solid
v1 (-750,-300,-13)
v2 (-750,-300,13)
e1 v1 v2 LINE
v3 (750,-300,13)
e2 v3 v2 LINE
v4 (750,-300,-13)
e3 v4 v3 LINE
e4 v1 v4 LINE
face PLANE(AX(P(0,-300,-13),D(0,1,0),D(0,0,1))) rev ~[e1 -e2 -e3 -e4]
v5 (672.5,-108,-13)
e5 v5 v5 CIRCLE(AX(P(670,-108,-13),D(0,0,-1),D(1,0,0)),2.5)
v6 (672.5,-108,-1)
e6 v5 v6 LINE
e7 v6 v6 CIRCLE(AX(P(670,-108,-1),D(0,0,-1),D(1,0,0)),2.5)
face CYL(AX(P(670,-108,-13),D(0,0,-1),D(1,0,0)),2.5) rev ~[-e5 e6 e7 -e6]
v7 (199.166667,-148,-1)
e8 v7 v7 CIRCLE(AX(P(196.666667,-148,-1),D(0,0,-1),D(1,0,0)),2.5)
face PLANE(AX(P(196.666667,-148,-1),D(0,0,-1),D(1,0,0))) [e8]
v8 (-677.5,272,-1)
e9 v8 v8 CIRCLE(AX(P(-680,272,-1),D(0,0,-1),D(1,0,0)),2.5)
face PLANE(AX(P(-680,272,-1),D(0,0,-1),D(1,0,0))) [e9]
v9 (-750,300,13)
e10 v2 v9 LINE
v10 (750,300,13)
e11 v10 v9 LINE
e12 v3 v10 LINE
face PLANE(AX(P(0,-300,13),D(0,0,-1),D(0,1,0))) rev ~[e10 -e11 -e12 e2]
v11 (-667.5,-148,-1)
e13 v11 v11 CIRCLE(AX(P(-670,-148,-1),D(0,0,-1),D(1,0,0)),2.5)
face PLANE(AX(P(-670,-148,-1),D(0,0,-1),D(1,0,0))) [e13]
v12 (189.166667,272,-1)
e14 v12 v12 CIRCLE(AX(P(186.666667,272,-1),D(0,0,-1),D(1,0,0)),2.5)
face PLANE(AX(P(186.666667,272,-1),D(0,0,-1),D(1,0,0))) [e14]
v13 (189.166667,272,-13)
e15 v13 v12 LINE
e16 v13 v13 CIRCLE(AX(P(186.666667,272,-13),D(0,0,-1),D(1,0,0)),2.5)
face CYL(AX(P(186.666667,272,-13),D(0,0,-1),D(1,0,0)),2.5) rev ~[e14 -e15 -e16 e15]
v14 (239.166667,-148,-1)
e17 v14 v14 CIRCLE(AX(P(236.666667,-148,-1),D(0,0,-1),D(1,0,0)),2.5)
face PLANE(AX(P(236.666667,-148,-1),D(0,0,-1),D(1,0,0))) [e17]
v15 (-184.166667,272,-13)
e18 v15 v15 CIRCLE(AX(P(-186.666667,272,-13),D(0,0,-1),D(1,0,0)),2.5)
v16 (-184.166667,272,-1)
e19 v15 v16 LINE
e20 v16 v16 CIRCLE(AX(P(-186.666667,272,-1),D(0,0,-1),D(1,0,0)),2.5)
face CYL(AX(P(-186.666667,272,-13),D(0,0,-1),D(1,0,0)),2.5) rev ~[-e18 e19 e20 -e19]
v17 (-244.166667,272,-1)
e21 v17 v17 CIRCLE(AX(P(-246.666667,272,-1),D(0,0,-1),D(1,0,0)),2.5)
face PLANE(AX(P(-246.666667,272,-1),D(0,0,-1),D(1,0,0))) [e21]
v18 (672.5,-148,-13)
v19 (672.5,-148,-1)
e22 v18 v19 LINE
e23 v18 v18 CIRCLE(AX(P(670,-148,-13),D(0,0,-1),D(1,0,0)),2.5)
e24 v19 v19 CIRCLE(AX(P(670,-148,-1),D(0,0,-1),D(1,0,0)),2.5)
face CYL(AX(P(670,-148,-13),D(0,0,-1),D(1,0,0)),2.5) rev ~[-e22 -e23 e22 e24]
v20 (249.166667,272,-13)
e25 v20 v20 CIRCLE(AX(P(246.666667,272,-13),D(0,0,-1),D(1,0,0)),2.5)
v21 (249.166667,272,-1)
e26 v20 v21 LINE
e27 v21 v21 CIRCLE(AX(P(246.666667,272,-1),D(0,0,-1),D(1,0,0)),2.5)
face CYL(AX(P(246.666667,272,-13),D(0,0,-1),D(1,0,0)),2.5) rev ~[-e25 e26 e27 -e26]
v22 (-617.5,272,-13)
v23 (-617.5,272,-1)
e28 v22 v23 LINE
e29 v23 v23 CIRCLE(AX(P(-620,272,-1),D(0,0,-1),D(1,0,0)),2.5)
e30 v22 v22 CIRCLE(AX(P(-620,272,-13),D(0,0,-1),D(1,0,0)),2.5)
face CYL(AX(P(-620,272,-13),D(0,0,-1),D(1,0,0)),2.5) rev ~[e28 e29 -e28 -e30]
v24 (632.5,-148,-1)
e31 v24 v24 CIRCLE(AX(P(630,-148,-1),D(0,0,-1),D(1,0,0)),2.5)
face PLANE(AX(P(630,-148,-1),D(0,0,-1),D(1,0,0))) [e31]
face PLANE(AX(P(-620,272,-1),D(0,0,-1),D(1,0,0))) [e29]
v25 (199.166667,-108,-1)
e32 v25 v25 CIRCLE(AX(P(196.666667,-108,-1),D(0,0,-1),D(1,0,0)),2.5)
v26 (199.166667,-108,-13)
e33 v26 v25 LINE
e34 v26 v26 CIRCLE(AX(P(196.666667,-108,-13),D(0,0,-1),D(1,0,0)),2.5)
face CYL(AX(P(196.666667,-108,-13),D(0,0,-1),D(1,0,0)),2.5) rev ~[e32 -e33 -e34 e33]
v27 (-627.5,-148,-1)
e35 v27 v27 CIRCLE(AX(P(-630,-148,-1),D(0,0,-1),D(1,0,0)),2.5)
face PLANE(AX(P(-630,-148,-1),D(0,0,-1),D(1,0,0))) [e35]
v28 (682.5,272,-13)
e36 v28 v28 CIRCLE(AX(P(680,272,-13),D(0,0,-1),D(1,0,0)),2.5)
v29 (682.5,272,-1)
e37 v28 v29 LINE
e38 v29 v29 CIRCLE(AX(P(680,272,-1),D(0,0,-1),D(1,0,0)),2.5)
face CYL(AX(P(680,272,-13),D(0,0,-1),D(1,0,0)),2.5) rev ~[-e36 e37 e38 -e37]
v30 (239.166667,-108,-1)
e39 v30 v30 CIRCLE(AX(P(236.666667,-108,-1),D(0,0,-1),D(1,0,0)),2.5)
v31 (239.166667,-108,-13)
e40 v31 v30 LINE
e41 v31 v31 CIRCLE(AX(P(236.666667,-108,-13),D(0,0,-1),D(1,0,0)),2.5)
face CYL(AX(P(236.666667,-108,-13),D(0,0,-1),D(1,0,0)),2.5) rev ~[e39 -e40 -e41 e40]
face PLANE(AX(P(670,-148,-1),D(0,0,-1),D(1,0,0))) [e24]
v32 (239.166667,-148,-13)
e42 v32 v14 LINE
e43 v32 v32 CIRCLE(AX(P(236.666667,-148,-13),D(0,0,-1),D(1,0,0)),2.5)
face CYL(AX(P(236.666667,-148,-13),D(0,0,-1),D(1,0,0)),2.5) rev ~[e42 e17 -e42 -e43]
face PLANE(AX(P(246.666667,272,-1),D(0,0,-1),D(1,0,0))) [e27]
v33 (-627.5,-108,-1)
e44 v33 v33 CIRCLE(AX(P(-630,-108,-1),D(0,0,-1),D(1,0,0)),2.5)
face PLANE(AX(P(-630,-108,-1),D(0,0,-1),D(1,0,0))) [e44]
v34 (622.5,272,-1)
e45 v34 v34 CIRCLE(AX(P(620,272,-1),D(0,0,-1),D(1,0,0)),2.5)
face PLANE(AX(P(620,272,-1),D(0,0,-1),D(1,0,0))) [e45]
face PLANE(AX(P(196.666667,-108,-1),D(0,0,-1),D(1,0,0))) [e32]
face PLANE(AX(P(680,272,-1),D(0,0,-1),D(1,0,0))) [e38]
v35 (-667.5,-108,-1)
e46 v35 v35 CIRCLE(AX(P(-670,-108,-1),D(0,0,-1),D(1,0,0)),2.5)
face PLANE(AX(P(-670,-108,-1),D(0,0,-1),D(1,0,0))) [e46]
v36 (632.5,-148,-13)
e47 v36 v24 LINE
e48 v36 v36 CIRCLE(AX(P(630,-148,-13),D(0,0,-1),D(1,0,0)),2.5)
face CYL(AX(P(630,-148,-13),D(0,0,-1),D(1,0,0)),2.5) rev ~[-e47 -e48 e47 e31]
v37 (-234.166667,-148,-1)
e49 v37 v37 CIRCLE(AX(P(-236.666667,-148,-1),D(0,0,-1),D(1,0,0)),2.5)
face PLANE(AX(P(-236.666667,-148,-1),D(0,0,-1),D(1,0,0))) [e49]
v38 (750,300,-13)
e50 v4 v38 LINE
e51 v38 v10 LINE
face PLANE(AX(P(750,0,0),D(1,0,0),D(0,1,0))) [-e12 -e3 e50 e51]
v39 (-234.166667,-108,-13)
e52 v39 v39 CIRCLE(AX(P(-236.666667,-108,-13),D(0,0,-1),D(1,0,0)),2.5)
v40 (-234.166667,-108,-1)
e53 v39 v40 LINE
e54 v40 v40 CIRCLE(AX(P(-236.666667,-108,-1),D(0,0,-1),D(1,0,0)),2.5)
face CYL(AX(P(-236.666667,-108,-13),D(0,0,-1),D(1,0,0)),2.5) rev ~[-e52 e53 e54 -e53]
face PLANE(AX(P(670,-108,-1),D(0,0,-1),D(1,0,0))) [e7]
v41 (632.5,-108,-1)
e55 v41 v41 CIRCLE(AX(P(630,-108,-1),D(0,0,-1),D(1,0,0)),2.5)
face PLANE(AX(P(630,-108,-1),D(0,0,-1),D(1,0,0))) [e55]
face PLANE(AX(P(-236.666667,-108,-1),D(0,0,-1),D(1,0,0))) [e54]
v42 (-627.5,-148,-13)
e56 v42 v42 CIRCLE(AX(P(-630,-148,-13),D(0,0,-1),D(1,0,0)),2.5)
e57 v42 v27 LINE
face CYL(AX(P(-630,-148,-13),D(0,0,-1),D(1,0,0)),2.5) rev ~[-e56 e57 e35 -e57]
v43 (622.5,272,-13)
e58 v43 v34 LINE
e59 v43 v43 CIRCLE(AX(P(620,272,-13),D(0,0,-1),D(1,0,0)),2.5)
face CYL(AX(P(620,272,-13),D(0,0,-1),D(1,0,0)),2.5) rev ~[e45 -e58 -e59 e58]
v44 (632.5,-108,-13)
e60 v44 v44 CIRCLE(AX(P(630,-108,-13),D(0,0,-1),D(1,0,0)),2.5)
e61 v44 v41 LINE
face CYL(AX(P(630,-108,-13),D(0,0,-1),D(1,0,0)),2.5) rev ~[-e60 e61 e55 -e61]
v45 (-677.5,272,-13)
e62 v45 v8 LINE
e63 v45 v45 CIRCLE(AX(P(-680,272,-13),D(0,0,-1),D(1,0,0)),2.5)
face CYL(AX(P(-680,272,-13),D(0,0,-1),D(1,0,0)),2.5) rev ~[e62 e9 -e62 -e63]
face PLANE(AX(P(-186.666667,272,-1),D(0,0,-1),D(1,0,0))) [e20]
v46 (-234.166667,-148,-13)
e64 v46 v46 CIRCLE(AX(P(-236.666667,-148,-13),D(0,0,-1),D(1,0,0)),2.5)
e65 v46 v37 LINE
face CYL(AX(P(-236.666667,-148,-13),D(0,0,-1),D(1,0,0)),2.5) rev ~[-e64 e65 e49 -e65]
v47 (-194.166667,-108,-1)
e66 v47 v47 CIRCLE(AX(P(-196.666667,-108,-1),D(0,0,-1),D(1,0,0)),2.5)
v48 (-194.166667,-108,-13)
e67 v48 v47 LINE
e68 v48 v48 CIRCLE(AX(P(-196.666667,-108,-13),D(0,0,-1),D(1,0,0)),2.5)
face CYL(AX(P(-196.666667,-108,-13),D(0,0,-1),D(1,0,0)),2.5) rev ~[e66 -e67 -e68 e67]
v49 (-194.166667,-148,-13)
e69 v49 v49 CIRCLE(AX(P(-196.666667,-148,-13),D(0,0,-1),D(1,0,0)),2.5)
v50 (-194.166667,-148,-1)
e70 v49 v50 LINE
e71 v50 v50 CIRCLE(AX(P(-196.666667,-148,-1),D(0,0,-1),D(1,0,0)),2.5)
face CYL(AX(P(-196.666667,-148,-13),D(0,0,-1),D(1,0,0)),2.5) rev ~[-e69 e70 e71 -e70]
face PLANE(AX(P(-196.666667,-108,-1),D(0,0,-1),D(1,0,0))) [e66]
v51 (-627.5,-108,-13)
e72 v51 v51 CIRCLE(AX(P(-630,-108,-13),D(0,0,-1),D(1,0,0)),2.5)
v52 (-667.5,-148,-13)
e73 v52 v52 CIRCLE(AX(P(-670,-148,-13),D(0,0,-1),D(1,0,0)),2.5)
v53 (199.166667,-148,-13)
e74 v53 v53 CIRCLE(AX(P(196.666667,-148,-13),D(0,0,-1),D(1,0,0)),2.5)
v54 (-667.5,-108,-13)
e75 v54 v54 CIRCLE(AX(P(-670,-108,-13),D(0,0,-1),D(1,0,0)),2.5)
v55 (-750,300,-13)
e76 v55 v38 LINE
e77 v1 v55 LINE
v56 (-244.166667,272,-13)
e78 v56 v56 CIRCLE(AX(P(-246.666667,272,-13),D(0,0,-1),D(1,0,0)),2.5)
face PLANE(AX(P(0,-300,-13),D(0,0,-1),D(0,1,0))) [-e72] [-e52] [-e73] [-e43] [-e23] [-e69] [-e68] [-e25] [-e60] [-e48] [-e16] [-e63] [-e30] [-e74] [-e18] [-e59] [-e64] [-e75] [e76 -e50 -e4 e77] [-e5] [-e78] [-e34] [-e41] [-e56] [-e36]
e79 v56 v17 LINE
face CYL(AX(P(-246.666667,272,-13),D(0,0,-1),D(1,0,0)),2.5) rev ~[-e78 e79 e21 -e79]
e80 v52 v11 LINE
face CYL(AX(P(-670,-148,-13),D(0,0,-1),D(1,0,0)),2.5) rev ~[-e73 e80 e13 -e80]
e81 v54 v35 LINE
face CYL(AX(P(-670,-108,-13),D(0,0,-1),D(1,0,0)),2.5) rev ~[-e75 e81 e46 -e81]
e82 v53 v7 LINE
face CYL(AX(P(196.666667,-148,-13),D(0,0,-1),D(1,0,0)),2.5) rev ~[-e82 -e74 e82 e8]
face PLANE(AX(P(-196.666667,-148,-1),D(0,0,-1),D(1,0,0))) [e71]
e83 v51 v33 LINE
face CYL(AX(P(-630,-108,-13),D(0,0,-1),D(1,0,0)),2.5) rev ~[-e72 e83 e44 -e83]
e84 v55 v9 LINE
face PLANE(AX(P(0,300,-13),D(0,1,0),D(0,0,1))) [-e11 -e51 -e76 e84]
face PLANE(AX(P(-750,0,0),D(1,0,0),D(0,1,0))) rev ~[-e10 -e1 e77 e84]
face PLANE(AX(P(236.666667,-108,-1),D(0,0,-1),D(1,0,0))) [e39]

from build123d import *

# Parameters (mm, degrees)
F0_W     = 600
F0_H     = 26
F1_DEPTH = 750
F2_R     = 2.5
F3_DEPTH = 12


with BuildPart() as f1:
    # F0 (on Right) → F1 (new body, symmetric)
    with BuildSketch(Plane.YZ):
        Rectangle(F0_W, F0_H)
    extrude(amount=F1_DEPTH, both=True)

    # F2 (on face) → F3 (cut)
    with BuildSketch(Plane(origin=(0, 0, -13), x_dir=(1, 0, 0), z_dir=(0, 0, -1))):
        with Locations((630, 148)):
            Circle(F2_R)
        with Locations((620, -272)):
            Circle(F2_R)
        with Locations((196.666667, 148)):
            Circle(F2_R)
        with Locations((236.666667, 108)):
            Circle(F2_R)
        with Locations((196.666667, 108)):
            Circle(F2_R)
        with Locations((-670, 148)):
            Circle(F2_R)
        with Locations((-670, 108)):
            Circle(F2_R)
        with Locations((-630, 108)):
            Circle(F2_R)
        with Locations((-680, -272)):
            Circle(F2_R)
        with Locations((-246.666667, -272)):
            Circle(F2_R)
        with Locations((-196.666667, 108)):
            Circle(F2_R)
        with Locations((-236.666667, 108)):
            Circle(F2_R)
        with Locations((-236.666667, 148)):
            Circle(F2_R)
        with Locations((186.666667, -272)):
            Circle(F2_R)
        with Locations((670, 108)):
            Circle(F2_R)
        with Locations((630, 108)):
            Circle(F2_R)
        with Locations((670, 148)):
            Circle(F2_R)
        with Locations((236.666667, 148)):
            Circle(F2_R)
        with Locations((-630, 148)):
            Circle(F2_R)
        with Locations((-620, -272)):
            Circle(F2_R)
        with Locations((-186.666667, -272)):
            Circle(F2_R)
        with Locations((-196.666667, 148)):
            Circle(F2_R)
        with Locations((680, -272)):
            Circle(F2_R)
        with Locations((246.666667, -272)):
            Circle(F2_R)
    extrude(amount=-F3_DEPTH, mode=Mode.SUBTRACT)


solid = f1.part
